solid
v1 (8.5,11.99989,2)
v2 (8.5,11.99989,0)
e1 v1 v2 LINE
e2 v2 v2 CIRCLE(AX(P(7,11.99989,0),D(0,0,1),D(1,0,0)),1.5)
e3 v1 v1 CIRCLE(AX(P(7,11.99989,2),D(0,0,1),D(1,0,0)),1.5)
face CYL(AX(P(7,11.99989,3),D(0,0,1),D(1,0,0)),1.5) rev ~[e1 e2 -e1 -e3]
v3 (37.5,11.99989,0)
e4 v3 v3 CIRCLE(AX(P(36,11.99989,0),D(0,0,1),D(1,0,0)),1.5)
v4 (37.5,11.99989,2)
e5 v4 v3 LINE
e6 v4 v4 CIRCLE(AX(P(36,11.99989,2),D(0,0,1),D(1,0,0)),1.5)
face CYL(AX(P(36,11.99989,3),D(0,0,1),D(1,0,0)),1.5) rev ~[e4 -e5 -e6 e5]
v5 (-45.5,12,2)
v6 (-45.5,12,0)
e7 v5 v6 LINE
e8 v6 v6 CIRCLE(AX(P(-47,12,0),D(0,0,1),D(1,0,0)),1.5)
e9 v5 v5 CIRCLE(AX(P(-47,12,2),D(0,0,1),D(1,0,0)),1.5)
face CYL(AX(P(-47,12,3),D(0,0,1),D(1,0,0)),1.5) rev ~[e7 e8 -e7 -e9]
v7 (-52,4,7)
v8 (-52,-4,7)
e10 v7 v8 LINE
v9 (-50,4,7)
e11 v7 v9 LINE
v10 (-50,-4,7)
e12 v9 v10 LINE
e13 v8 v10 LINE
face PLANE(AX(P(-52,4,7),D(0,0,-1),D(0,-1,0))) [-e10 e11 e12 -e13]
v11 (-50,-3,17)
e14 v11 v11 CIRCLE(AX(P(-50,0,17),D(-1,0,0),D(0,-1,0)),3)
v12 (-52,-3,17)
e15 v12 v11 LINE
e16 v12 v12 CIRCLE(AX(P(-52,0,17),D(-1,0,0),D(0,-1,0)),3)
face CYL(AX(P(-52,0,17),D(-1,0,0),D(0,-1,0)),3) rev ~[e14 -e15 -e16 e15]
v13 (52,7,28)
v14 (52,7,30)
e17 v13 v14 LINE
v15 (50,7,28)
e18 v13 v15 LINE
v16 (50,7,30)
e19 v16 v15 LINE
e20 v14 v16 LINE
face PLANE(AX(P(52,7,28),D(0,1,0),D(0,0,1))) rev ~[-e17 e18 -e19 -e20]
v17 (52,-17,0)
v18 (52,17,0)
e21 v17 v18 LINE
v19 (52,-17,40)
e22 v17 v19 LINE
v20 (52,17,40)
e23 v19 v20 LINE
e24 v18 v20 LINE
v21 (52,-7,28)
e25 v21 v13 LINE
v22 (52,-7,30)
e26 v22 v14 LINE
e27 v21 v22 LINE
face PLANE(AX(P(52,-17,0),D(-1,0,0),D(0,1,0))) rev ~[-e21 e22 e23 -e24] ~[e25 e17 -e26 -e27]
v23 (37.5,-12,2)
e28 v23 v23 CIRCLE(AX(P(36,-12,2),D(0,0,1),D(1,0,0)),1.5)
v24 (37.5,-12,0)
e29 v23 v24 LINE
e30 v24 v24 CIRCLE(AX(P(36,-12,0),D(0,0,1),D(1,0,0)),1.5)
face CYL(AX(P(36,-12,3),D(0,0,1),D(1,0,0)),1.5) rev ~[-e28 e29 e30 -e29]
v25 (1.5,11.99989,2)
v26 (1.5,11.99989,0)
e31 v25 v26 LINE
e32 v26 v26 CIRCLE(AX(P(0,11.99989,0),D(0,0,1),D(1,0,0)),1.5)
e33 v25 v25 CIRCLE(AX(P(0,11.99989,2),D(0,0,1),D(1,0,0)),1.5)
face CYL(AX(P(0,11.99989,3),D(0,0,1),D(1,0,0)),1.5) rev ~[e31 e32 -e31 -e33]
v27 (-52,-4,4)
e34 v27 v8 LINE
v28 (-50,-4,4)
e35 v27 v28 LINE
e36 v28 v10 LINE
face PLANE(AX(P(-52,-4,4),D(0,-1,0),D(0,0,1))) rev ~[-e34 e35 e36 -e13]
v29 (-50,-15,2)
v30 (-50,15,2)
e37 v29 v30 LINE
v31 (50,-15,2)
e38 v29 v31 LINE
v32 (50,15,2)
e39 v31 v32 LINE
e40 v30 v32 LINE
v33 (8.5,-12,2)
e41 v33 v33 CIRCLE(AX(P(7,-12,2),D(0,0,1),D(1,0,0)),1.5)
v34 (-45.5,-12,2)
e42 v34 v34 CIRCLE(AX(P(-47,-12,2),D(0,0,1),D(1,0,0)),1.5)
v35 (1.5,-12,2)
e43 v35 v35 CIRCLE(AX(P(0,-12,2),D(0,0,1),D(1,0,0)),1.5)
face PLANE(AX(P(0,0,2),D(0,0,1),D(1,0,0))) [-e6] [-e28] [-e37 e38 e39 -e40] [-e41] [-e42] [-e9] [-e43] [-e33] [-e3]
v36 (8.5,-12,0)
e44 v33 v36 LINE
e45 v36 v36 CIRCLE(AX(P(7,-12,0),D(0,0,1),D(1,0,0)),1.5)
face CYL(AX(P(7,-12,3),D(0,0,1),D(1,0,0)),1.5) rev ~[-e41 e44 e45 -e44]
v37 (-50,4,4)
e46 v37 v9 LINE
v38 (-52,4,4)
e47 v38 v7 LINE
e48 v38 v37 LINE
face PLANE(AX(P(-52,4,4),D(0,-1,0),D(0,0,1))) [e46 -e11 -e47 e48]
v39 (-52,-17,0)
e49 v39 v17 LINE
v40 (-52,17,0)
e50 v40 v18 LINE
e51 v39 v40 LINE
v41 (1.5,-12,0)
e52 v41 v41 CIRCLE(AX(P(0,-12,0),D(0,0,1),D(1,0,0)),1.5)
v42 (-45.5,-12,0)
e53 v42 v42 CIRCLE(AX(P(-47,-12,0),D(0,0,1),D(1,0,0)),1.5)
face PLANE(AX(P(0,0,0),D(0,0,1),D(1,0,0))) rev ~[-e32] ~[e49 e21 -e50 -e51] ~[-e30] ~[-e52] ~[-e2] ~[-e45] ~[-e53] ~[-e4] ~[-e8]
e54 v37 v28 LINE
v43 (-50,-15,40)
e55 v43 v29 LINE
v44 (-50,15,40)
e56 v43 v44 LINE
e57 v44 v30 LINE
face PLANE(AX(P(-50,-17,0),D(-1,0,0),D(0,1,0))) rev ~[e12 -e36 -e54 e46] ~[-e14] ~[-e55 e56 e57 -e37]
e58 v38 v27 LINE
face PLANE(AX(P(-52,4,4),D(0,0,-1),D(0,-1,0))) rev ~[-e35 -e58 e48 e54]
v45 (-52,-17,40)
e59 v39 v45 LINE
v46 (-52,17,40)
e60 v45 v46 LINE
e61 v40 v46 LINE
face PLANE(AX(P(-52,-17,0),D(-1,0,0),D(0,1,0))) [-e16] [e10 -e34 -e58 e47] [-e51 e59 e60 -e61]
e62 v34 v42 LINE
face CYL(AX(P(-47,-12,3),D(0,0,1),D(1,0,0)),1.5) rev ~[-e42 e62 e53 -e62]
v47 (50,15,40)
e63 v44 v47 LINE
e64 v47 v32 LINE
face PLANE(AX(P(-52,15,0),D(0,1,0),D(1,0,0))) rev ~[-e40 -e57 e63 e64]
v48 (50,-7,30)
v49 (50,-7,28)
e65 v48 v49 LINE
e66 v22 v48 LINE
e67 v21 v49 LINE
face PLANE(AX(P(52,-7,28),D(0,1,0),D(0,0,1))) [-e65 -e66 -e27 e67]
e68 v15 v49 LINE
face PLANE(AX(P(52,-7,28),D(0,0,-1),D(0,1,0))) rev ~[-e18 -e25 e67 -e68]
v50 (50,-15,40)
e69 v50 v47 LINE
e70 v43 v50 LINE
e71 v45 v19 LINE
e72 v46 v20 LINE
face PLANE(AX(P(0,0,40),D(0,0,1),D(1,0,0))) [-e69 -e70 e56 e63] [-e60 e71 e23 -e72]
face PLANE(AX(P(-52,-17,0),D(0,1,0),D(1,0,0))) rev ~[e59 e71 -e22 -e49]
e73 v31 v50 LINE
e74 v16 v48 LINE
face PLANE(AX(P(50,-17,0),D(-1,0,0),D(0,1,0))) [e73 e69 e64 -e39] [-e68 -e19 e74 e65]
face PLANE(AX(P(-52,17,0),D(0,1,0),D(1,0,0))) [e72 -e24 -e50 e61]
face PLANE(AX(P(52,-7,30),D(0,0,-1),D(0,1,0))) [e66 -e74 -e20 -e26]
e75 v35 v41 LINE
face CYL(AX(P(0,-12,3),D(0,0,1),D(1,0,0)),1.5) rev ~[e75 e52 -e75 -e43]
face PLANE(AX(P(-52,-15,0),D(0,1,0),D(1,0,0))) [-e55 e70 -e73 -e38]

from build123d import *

# Parameters (mm, degrees)
PAD_DEPTH       = 3
SKETCH001_R     = 1.5
POCKET_DEPTH    = 5
SKETCH002_W     = 104
SKETCH002_H     = 34
PAD001_DEPTH    = 40
THICKNESS_T     = -2
POCKET001_DEPTH = 5
SKETCH003_R     = 3
SKETCH003_W     = 8
SKETCH003_H     = 3
POCKET002_DEPTH = 5
SKETCH004_W     = 14
SKETCH004_H     = 2
POCKET003_DEPTH = 5


with BuildPart() as part:
    # Sketch → Pad (new body)
    with BuildSketch(Plane.XY):
        Polygon((-50, 15), (-50, -15), (50, -15), (50, 14.99989), align=None)
    extrude(amount=PAD_DEPTH)

    # Sketch001 (on Face6 of Pad) → Pocket (cut)
    with BuildSketch(Plane.XY.offset(3)):
        with Locations((-47, 12)):
            Circle(SKETCH001_R)
        with Locations((-47, -12)):
            Circle(SKETCH001_R)
        with Locations((0, 11.99989)):
            Circle(SKETCH001_R)
        with Locations((0, -12)):
            Circle(SKETCH001_R)
        with Locations((7, 11.99989)):
            Circle(SKETCH001_R)
        with Locations((7, -12)):
            Circle(SKETCH001_R)
        with Locations((36, 11.99989)):
            Circle(SKETCH001_R)
        with Locations((36, -12)):
            Circle(SKETCH001_R)
    extrude(amount=-POCKET_DEPTH, mode=Mode.SUBTRACT)

    # Sketch002 → Pad001 (join)
    with BuildSketch(Plane.XY):
        Rectangle(SKETCH002_W, SKETCH002_H)
    extrude(amount=PAD001_DEPTH)

    # Thickness
    thickness_openings = [part.faces().sort_by_distance(p)[0] for p in [
        (0, 0, 40),
    ]]
    offset(amount=THICKNESS_T, openings=thickness_openings)

    # Sketch001 (on Face6 of Pad) → Pocket001 (cut)
    with BuildSketch(Plane.XY.offset(3)):
        with Locations((-47, 12)):
            Circle(SKETCH001_R)
        with Locations((-47, -12)):
            Circle(SKETCH001_R)
        with Locations((0, 11.99989)):
            Circle(SKETCH001_R)
        with Locations((0, -12)):
            Circle(SKETCH001_R)
        with Locations((7, 11.99989)):
            Circle(SKETCH001_R)
        with Locations((7, -12)):
            Circle(SKETCH001_R)
        with Locations((36, 11.99989)):
            Circle(SKETCH001_R)
        with Locations((36, -12)):
            Circle(SKETCH001_R)
    extrude(amount=-POCKET001_DEPTH, mode=Mode.SUBTRACT)

    # Sketch003 (on Face1 of Pocket001) → Pocket002 (cut)
    with BuildSketch(Plane(origin=(-52, 0, 0), x_dir=(0, -1, 0), z_dir=(-1, 0, 0))):
        with Locations((0, 17)):
            Circle(SKETCH003_R)
        with Locations((0, 5.5)):
            Rectangle(SKETCH003_W, SKETCH003_H)
    extrude(amount=-POCKET002_DEPTH, mode=Mode.SUBTRACT)

    # Sketch004 (on Face11 of Pocket002) → Pocket003 (cut)
    with BuildSketch(Plane.YZ.offset(52)):
        with Locations((0, 29)):
            Rectangle(SKETCH004_W, SKETCH004_H)
    extrude(amount=-POCKET003_DEPTH, mode=Mode.SUBTRACT)


solid = part.part
